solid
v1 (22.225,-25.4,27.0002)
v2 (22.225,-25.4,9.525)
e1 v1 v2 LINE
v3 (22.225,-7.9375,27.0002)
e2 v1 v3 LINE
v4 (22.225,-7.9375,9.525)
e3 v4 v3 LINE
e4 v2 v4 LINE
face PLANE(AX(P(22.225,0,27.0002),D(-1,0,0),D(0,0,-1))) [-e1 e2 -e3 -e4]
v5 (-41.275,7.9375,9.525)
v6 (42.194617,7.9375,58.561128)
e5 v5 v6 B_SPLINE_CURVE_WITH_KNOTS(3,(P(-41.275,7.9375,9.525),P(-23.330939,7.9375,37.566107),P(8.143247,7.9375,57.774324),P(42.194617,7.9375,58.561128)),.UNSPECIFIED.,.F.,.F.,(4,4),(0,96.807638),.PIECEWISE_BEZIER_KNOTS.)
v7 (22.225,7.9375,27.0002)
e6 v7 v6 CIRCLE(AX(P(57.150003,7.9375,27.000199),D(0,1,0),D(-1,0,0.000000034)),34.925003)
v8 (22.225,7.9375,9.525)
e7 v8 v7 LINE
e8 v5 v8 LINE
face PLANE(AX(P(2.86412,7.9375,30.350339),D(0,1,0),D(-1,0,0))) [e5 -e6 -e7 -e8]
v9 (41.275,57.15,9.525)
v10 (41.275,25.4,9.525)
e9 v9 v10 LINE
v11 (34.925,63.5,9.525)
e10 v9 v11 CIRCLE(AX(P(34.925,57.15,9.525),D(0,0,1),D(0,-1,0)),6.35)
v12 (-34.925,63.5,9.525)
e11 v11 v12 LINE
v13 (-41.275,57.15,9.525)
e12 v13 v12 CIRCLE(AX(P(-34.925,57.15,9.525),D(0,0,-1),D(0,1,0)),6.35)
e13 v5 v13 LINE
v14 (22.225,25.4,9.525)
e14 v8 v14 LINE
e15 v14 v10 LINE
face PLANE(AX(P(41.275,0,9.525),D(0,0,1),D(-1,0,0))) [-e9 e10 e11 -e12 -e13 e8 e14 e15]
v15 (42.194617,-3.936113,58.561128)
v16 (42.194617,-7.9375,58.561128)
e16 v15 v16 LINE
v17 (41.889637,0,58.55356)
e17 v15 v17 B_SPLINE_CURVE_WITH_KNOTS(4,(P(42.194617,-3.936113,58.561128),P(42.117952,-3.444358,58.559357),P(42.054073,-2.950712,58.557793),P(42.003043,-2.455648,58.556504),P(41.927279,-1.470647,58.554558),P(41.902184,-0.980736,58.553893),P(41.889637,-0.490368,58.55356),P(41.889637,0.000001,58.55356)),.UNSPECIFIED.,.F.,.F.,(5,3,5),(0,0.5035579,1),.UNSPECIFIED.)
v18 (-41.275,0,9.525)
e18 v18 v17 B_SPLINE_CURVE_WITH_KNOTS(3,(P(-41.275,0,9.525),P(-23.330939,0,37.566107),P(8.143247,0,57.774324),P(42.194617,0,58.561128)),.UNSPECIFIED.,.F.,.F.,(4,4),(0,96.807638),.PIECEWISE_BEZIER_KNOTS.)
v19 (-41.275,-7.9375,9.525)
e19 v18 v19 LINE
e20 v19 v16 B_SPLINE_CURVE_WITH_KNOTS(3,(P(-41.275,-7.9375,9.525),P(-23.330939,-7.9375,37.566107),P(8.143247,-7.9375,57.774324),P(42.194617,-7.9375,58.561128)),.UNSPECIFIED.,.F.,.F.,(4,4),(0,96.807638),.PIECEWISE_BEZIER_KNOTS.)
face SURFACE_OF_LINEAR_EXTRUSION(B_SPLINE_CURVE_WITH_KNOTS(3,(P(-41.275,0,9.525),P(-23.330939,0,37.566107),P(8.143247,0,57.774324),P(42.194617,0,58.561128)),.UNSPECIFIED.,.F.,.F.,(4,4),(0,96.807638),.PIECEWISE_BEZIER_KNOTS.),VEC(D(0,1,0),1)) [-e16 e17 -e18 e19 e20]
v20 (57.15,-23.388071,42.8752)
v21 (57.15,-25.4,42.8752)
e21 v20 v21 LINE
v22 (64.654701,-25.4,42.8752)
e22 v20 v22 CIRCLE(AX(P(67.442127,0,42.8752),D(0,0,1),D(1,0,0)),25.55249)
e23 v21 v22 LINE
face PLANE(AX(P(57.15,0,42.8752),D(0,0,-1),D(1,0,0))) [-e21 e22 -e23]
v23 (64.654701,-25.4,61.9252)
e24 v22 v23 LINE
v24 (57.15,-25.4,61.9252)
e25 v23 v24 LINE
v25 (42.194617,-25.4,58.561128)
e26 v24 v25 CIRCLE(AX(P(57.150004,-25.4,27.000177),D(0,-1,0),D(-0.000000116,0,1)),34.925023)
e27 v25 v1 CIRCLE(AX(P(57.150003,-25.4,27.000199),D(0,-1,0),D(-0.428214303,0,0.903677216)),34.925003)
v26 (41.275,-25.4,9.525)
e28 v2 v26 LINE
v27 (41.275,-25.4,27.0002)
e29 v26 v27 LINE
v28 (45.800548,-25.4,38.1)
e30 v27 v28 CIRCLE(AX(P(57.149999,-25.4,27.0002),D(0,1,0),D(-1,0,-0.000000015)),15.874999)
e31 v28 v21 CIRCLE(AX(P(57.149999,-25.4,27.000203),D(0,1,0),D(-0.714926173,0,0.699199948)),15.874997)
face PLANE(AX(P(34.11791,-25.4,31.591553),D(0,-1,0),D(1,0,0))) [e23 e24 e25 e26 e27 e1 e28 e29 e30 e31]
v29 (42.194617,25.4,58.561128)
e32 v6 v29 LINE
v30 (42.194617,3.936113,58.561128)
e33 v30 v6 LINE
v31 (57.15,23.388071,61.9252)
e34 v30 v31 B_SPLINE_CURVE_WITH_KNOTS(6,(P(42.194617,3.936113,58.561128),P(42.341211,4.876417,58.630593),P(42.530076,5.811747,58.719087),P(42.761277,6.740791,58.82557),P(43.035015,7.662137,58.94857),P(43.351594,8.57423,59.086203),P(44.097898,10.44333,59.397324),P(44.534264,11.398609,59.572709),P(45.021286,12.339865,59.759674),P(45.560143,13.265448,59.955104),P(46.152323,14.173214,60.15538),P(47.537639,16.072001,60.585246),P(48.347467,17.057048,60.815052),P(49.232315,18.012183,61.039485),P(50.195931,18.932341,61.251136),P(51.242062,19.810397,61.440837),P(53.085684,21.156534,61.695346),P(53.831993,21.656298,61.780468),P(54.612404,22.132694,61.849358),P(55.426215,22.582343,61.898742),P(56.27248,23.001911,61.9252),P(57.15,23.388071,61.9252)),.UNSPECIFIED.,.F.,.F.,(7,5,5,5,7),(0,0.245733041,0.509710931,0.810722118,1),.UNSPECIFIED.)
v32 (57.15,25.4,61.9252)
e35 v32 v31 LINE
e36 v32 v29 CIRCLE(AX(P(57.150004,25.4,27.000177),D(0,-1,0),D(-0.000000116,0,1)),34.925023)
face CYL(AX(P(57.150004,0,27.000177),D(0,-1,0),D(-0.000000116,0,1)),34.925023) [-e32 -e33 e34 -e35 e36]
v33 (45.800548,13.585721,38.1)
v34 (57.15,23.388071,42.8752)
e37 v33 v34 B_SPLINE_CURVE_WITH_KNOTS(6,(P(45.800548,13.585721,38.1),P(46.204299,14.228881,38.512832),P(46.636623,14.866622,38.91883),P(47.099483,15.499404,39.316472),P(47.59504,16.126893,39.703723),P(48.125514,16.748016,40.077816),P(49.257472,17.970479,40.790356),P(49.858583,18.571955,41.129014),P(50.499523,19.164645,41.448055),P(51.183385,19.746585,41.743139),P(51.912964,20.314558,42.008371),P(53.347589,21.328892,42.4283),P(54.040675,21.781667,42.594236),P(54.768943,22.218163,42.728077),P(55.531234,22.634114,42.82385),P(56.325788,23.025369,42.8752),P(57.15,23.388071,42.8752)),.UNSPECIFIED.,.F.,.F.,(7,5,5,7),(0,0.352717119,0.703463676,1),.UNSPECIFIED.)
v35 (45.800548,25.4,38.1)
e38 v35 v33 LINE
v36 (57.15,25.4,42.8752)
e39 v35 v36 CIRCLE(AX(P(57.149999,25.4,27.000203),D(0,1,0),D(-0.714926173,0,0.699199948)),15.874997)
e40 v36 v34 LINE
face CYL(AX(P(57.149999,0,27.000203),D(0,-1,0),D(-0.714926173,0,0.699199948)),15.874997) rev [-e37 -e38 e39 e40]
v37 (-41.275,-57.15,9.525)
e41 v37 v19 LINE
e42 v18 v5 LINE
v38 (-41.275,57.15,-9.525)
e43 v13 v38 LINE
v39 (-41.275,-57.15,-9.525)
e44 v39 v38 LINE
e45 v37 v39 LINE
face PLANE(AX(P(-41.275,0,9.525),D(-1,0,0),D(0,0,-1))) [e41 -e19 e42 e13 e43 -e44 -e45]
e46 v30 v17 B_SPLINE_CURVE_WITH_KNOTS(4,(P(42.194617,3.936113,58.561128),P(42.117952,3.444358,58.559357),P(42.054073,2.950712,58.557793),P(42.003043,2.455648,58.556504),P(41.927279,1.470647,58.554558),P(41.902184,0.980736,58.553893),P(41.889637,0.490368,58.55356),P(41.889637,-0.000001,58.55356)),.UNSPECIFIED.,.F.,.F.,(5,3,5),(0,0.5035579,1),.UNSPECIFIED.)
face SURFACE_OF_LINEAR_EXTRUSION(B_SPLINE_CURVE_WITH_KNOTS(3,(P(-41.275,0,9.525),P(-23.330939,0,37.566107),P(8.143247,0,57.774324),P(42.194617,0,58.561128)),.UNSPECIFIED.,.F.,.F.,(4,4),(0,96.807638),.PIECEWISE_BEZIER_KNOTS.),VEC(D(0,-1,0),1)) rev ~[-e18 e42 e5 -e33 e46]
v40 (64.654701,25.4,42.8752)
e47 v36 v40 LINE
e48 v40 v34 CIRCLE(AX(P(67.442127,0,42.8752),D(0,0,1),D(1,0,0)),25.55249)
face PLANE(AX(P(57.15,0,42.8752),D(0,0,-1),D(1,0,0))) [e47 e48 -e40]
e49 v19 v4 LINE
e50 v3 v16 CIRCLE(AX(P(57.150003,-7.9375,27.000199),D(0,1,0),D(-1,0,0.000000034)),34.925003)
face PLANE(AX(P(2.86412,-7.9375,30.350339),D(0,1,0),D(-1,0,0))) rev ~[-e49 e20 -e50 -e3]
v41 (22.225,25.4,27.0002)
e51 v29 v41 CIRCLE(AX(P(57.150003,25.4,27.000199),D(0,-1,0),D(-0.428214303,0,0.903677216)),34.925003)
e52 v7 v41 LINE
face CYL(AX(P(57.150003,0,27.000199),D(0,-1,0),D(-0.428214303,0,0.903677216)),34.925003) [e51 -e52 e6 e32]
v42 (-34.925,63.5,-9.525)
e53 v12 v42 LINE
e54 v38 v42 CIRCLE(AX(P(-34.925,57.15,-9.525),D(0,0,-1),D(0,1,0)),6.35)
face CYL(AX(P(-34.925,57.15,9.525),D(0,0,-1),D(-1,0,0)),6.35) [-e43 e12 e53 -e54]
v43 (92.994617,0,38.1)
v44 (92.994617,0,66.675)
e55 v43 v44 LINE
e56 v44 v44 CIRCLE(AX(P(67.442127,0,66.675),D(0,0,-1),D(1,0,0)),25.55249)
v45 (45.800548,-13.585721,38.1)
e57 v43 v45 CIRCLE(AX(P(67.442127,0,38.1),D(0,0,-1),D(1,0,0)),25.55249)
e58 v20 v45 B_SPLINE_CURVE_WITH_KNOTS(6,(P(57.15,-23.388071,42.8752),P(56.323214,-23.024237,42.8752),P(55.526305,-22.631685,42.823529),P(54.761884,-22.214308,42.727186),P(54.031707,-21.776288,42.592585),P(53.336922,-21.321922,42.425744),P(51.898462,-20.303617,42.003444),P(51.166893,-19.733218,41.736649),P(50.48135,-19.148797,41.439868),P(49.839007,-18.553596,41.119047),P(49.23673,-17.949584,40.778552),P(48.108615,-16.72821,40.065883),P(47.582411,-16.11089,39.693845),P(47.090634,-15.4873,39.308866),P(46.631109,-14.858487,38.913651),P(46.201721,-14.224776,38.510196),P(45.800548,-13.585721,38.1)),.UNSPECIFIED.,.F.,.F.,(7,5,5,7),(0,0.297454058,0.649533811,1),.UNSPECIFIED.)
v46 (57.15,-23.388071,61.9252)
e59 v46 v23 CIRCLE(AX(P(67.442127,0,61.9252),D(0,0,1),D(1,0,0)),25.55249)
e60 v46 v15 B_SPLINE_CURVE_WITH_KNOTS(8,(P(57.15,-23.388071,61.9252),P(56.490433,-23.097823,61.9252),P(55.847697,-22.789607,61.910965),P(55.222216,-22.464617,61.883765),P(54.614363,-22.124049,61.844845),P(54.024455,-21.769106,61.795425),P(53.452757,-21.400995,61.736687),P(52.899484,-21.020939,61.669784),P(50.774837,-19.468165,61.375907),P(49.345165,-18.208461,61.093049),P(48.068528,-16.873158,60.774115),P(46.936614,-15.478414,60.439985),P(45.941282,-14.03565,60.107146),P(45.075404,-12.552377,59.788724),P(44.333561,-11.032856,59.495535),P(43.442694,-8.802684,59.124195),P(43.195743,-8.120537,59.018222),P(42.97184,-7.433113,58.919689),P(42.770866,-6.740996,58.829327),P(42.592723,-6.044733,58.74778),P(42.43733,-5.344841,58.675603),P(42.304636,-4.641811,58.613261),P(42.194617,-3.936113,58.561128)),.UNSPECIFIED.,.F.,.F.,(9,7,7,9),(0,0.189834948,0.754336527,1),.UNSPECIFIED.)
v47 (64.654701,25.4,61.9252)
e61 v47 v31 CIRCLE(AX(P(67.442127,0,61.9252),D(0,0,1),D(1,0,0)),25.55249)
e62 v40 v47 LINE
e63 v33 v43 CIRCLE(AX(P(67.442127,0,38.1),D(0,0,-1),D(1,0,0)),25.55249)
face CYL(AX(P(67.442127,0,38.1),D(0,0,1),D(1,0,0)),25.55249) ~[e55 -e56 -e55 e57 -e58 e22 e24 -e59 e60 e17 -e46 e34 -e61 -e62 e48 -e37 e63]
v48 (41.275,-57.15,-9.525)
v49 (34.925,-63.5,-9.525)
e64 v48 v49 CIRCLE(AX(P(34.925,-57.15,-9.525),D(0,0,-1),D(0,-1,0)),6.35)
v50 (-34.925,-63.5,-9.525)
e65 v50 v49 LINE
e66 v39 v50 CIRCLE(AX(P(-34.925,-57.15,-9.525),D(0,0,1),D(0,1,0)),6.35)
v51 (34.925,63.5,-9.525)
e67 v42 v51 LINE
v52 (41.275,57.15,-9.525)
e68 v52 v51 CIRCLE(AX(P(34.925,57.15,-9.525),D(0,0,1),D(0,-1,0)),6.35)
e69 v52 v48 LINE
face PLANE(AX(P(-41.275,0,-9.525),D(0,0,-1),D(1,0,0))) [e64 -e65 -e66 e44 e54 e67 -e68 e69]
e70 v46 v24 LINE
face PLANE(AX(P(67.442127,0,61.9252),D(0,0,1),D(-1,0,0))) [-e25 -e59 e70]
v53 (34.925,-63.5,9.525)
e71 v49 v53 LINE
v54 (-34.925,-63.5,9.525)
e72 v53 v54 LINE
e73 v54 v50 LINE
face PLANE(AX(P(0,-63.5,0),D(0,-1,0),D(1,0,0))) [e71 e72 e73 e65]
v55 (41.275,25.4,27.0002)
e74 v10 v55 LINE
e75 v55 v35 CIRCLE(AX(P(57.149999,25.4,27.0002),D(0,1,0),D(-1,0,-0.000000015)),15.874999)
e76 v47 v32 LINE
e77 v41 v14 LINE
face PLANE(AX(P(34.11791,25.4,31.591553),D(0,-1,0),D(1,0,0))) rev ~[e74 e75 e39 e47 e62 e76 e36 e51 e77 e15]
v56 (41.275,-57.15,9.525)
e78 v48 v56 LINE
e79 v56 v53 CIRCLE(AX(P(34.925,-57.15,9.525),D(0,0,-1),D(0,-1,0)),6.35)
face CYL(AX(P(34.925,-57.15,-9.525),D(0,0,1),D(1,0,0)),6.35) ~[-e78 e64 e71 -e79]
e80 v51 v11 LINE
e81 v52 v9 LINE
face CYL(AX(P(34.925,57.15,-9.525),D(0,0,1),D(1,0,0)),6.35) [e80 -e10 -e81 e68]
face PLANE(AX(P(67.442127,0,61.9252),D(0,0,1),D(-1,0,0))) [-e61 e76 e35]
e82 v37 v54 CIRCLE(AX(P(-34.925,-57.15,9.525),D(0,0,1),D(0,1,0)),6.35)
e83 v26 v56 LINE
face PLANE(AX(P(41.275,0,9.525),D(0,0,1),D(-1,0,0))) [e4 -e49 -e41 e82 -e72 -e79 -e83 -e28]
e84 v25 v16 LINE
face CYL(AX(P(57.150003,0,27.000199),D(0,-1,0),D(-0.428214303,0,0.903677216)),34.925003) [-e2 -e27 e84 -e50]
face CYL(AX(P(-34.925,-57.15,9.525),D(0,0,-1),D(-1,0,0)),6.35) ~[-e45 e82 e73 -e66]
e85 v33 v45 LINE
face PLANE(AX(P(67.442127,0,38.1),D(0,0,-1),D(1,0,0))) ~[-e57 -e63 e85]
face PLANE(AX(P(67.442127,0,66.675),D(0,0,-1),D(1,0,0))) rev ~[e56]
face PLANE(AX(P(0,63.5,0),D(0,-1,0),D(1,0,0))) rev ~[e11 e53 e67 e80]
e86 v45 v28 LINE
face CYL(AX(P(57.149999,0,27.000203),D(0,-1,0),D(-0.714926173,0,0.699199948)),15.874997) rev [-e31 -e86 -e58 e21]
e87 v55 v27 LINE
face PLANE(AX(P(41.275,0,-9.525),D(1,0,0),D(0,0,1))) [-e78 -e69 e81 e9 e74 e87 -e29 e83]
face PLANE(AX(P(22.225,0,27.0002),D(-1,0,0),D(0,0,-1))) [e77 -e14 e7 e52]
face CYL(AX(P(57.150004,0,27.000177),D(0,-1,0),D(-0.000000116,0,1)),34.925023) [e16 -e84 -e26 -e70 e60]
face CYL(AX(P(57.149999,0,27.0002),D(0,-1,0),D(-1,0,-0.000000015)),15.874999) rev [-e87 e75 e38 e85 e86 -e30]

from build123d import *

# Parameters (mm, degrees)
F1_DEPTH = 63.5
F2_DEPTH = 25.4
F3_DEPTH = 7.9375
F5_R     = 6.35


with BuildPart() as f1:
    # F0 (on Front) → F1 (new body, symmetric)
    with BuildSketch(Plane.XZ):
        Polygon((-41.275, -9.525), (41.275, -9.525), (41.275, 9.525), (22.225, 9.525), (-41.275, 9.525), align=None)
    extrude(amount=F1_DEPTH, both=True)

    # F0 (on Front) → F2 (join, symmetric)
    with BuildSketch(Plane.XZ):
        with BuildLine():
            Line((22.225, 9.525), (41.275, 9.525))
            Line((41.275, 9.525), (41.275, 27.0002))
            ThreePointArc((41.275, 27.0002), (42.449861, 32.993658), (45.800548, 38.1))
            Line((45.800548, 38.1), (42.194617, 38.1))
            Line((42.194617, 38.1), (42.194617, 58.561128))
            ThreePointArc((42.194617, 58.561128), (27.636678, 45.674231), (22.225, 27.0002))
            Line((22.225, 27.0002), (22.225, 9.525))
        make_face()
        with BuildLine():
            ThreePointArc((57.15, 61.9252), (49.485464, 61.073804), (42.194617, 58.561128))
            Line((42.194617, 58.561128), (42.194617, 38.1))
            Line((42.194617, 38.1), (45.800548, 38.1))
            ThreePointArc((45.800548, 38.1), (50.993447, 41.632783), (57.15, 42.8752))
            Line((57.15, 42.8752), (67.442127, 42.8752))
            Line((67.442127, 42.8752), (67.442127, 61.9252))
            Line((67.442127, 61.9252), (57.15, 61.9252))
        make_face()
    extrude(amount=F2_DEPTH, both=True)

    # F0 (on Front) → F3 (join, symmetric)
    with BuildSketch(Plane.XZ):
        with BuildLine():
            add(Edge.make_bspline(
                [(-41.275, 9.525), (-23.330939, 37.566107), (8.143247, 57.774324), (42.194617, 58.561128)],
                knots=[0, 0, 0, 0, 96.807638, 96.807638, 96.807638, 96.807638], degree=3))
            Line((-41.275, 9.525), (22.225, 9.525))
            Line((22.225, 9.525), (22.225, 27.0002))
            ThreePointArc((22.225, 27.0002), (27.636678, 45.674231), (42.194617, 58.561128))
        make_face()
    extrude(amount=F3_DEPTH, both=True)

    # F0 (on Front) → F4 (revolve)
    with BuildSketch(Plane.XZ):
        Polygon((67.442127, 42.8752), (67.442127, 38.1), (92.994617, 38.1), (92.994617, 66.675), (67.442127, 66.675), (67.442127, 61.9252), align=None)
    revolve(axis=Axis((67.442127, 0, 52.3875), (0, 0, -1)))

    # F5
    f5_edges = [f1.edges().sort_by_distance(p)[0] for p in [
        (41.275, -63.5, 0),
        (-41.275, -63.5, 0),
        (41.275, 63.5, 0),
        (-41.275, 63.5, 0),
    ]]
    fillet(f5_edges, radius=F5_R)


solid = f1.part
